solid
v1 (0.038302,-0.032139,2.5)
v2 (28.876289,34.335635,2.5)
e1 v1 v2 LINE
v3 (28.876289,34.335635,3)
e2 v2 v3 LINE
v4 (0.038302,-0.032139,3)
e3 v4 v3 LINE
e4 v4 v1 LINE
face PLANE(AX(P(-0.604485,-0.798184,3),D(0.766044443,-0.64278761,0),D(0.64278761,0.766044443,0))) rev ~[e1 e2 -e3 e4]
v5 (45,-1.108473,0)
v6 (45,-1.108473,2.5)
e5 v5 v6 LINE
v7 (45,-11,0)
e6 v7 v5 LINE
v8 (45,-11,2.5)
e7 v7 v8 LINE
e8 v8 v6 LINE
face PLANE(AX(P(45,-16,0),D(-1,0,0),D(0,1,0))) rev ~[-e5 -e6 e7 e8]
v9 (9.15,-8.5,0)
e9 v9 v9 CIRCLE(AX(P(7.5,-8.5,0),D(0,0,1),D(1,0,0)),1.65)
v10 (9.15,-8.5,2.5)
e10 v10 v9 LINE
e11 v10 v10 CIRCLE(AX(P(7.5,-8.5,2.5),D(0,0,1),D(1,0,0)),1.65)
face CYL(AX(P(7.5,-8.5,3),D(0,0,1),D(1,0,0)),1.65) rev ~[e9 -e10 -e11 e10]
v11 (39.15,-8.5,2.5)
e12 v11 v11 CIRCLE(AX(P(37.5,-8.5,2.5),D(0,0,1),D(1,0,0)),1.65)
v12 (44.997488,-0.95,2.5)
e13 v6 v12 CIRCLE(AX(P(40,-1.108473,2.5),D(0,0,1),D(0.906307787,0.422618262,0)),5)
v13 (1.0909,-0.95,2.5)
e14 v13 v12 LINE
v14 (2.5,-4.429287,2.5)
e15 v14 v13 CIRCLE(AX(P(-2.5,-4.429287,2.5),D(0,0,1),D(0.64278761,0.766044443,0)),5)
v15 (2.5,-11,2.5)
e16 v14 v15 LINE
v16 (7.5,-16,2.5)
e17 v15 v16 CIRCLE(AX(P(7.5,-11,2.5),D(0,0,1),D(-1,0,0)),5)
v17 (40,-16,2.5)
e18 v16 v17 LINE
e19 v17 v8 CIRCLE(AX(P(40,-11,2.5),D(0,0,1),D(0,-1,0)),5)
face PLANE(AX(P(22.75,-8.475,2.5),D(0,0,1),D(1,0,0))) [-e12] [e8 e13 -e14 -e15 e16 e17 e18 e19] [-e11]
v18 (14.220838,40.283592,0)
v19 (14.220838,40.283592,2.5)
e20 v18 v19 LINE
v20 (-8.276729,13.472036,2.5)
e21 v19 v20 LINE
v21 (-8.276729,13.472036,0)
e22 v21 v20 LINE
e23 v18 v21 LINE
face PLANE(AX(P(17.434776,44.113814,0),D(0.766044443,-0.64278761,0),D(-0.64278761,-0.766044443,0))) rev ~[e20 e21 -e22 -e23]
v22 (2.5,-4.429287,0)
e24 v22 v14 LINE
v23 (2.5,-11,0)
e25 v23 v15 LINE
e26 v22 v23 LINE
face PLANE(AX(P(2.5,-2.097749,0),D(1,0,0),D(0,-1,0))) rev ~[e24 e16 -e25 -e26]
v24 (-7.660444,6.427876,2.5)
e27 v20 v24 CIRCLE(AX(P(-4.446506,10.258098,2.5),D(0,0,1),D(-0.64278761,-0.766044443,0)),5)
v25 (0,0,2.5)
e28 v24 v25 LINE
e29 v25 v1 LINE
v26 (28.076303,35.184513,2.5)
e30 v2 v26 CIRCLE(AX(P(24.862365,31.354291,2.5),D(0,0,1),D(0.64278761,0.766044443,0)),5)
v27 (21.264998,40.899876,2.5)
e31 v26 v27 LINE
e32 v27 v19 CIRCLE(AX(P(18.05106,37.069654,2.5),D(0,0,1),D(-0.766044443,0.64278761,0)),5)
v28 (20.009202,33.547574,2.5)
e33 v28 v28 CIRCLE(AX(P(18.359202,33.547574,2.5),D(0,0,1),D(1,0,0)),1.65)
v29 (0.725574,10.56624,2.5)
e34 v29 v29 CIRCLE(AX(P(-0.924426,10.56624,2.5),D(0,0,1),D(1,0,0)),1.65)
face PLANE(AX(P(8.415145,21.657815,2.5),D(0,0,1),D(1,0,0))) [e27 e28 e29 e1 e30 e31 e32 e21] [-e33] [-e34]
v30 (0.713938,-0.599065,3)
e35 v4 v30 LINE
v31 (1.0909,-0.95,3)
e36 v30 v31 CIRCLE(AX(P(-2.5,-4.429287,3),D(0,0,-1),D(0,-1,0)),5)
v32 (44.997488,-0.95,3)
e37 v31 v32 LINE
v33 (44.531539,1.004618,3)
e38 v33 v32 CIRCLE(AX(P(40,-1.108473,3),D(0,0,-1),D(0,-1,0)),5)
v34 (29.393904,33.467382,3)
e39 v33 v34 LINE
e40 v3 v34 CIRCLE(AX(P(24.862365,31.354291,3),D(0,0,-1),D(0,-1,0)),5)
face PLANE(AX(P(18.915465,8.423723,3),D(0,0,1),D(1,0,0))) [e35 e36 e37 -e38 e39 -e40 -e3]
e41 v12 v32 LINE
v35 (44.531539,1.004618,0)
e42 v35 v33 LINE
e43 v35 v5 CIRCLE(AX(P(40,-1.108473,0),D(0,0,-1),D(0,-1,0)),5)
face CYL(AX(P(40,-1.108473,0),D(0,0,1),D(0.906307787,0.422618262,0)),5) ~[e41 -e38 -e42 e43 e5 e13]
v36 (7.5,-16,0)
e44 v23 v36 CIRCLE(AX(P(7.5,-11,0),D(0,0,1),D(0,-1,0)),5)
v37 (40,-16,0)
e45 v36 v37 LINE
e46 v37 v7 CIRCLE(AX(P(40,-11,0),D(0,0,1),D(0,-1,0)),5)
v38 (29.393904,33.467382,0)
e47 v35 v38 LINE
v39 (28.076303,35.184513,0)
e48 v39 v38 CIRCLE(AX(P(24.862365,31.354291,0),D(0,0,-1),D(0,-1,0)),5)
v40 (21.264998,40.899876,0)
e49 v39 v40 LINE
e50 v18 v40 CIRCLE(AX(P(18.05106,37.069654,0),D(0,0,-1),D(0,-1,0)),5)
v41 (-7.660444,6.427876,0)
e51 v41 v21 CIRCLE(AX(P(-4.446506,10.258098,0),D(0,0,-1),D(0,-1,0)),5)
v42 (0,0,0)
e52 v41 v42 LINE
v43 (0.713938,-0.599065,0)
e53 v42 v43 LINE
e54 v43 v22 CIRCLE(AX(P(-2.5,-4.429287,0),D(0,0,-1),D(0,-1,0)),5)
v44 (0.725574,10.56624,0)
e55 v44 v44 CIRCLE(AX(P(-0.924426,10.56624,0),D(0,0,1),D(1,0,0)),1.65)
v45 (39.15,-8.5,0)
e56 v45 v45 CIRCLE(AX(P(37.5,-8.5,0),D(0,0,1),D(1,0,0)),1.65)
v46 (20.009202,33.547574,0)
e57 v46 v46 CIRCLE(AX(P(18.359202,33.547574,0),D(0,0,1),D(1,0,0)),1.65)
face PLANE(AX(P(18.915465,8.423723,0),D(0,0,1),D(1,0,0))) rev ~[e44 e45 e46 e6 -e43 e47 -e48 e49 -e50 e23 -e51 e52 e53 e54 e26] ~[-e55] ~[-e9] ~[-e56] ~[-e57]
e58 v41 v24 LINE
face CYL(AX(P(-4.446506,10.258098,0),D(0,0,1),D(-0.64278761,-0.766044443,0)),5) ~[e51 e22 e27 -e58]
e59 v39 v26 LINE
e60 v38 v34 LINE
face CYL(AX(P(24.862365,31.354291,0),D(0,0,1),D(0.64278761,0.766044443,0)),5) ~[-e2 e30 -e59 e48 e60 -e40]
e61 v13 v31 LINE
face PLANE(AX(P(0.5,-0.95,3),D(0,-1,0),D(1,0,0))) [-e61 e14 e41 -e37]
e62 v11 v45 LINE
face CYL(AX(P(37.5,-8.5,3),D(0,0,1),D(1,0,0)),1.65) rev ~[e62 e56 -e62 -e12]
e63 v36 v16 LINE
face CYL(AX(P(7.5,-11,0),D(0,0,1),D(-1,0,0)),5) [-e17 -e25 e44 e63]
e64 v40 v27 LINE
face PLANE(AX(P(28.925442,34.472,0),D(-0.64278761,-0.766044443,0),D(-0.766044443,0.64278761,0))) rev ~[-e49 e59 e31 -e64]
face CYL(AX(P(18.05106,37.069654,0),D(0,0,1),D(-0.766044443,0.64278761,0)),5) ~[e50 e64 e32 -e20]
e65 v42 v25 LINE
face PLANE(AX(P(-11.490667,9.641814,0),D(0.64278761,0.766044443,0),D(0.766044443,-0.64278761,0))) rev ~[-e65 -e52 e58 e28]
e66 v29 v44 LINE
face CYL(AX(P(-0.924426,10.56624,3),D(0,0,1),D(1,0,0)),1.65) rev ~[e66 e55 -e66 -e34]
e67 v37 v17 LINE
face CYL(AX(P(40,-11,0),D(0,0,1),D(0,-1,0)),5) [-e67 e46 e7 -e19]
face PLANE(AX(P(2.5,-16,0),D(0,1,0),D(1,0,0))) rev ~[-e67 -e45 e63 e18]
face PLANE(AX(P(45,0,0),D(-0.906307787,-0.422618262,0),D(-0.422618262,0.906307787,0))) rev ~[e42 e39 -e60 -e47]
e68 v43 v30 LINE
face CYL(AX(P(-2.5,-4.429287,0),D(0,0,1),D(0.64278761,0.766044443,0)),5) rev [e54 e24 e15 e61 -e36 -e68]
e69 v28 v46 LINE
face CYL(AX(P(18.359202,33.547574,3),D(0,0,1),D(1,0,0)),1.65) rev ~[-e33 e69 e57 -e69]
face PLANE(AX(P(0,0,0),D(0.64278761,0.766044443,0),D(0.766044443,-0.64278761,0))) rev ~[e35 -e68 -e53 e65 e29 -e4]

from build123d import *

# Parameters (mm, degrees)
EXTRUDE_1_DEPTH     = 3
SKETCH_2_R          = 1.65
CUT_EXTRUDE_1_DEPTH = 3
FILLET_2_R          = 5
SKETCH_3_W          = 44.5
SKETCH_3_H          = 15.05
CUT_EXTRUDE_2_DEPTH = 0.5


with BuildPart() as part:
    # ｽｹｯﾁ1 → ﾎﾞｽ - 押し出し1 (new body)
    with BuildSketch(Plane.XY):
        Polygon((-11.490666647, 9.641814145), (0, 0), (2.5, -2.097749078), (2.5, -16), (45, -16), (45, 0), (28.925442436, 34.47199994), (17.434775789, 44.113814086), align=None)
    extrude(amount=EXTRUDE_1_DEPTH)

    # ｽｹｯﾁ2 → ｶｯﾄ - 押し出し1 (cut)
    with BuildSketch(Plane.XY.offset(3)):
        with Locations((7.5, -8.5)):
            Circle(SKETCH_2_R)
        with Locations((-0.924426251, 10.566240396)):
            Circle(SKETCH_2_R)
        with Locations((18.35920204, 33.54757369)):
            Circle(SKETCH_2_R)
        with Locations((37.5, -8.5)):
            Circle(SKETCH_2_R)
    extrude(amount=-CUT_EXTRUDE_1_DEPTH, mode=Mode.SUBTRACT)

    # ﾌｨﾚｯﾄ2
    fillet_2_edges = [part.edges().sort_by_distance(p)[0] for p in [
        (-11.490666647, 9.641814145, 1.5),
        (17.434775789, 44.113814086, 1.5),
        (28.925442436, 34.47199994, 1.5),
        (45, 0, 1.5),
        (45, -16, 1.5),
        (2.5, -16, 1.5),
        (2.5, -2.097749078, 1.5),
    ]]
    fillet(fillet_2_edges, radius=FILLET_2_R)

    # ｽｹｯﾁ3 → ｶｯﾄ - 押し出し2 (cut)
    with BuildSketch(Plane.XY.offset(3)):
        Polygon((17.434775789, 44.113814086), (-12.133454256, 8.875769702), (-0.604485388, -0.798183824), (28.963744658, 34.43986056), align=None)
        with Locations((22.75, -8.475)):
            Rectangle(SKETCH_3_W, SKETCH_3_H)
    extrude(amount=-CUT_EXTRUDE_2_DEPTH, mode=Mode.SUBTRACT)


solid = part.part
